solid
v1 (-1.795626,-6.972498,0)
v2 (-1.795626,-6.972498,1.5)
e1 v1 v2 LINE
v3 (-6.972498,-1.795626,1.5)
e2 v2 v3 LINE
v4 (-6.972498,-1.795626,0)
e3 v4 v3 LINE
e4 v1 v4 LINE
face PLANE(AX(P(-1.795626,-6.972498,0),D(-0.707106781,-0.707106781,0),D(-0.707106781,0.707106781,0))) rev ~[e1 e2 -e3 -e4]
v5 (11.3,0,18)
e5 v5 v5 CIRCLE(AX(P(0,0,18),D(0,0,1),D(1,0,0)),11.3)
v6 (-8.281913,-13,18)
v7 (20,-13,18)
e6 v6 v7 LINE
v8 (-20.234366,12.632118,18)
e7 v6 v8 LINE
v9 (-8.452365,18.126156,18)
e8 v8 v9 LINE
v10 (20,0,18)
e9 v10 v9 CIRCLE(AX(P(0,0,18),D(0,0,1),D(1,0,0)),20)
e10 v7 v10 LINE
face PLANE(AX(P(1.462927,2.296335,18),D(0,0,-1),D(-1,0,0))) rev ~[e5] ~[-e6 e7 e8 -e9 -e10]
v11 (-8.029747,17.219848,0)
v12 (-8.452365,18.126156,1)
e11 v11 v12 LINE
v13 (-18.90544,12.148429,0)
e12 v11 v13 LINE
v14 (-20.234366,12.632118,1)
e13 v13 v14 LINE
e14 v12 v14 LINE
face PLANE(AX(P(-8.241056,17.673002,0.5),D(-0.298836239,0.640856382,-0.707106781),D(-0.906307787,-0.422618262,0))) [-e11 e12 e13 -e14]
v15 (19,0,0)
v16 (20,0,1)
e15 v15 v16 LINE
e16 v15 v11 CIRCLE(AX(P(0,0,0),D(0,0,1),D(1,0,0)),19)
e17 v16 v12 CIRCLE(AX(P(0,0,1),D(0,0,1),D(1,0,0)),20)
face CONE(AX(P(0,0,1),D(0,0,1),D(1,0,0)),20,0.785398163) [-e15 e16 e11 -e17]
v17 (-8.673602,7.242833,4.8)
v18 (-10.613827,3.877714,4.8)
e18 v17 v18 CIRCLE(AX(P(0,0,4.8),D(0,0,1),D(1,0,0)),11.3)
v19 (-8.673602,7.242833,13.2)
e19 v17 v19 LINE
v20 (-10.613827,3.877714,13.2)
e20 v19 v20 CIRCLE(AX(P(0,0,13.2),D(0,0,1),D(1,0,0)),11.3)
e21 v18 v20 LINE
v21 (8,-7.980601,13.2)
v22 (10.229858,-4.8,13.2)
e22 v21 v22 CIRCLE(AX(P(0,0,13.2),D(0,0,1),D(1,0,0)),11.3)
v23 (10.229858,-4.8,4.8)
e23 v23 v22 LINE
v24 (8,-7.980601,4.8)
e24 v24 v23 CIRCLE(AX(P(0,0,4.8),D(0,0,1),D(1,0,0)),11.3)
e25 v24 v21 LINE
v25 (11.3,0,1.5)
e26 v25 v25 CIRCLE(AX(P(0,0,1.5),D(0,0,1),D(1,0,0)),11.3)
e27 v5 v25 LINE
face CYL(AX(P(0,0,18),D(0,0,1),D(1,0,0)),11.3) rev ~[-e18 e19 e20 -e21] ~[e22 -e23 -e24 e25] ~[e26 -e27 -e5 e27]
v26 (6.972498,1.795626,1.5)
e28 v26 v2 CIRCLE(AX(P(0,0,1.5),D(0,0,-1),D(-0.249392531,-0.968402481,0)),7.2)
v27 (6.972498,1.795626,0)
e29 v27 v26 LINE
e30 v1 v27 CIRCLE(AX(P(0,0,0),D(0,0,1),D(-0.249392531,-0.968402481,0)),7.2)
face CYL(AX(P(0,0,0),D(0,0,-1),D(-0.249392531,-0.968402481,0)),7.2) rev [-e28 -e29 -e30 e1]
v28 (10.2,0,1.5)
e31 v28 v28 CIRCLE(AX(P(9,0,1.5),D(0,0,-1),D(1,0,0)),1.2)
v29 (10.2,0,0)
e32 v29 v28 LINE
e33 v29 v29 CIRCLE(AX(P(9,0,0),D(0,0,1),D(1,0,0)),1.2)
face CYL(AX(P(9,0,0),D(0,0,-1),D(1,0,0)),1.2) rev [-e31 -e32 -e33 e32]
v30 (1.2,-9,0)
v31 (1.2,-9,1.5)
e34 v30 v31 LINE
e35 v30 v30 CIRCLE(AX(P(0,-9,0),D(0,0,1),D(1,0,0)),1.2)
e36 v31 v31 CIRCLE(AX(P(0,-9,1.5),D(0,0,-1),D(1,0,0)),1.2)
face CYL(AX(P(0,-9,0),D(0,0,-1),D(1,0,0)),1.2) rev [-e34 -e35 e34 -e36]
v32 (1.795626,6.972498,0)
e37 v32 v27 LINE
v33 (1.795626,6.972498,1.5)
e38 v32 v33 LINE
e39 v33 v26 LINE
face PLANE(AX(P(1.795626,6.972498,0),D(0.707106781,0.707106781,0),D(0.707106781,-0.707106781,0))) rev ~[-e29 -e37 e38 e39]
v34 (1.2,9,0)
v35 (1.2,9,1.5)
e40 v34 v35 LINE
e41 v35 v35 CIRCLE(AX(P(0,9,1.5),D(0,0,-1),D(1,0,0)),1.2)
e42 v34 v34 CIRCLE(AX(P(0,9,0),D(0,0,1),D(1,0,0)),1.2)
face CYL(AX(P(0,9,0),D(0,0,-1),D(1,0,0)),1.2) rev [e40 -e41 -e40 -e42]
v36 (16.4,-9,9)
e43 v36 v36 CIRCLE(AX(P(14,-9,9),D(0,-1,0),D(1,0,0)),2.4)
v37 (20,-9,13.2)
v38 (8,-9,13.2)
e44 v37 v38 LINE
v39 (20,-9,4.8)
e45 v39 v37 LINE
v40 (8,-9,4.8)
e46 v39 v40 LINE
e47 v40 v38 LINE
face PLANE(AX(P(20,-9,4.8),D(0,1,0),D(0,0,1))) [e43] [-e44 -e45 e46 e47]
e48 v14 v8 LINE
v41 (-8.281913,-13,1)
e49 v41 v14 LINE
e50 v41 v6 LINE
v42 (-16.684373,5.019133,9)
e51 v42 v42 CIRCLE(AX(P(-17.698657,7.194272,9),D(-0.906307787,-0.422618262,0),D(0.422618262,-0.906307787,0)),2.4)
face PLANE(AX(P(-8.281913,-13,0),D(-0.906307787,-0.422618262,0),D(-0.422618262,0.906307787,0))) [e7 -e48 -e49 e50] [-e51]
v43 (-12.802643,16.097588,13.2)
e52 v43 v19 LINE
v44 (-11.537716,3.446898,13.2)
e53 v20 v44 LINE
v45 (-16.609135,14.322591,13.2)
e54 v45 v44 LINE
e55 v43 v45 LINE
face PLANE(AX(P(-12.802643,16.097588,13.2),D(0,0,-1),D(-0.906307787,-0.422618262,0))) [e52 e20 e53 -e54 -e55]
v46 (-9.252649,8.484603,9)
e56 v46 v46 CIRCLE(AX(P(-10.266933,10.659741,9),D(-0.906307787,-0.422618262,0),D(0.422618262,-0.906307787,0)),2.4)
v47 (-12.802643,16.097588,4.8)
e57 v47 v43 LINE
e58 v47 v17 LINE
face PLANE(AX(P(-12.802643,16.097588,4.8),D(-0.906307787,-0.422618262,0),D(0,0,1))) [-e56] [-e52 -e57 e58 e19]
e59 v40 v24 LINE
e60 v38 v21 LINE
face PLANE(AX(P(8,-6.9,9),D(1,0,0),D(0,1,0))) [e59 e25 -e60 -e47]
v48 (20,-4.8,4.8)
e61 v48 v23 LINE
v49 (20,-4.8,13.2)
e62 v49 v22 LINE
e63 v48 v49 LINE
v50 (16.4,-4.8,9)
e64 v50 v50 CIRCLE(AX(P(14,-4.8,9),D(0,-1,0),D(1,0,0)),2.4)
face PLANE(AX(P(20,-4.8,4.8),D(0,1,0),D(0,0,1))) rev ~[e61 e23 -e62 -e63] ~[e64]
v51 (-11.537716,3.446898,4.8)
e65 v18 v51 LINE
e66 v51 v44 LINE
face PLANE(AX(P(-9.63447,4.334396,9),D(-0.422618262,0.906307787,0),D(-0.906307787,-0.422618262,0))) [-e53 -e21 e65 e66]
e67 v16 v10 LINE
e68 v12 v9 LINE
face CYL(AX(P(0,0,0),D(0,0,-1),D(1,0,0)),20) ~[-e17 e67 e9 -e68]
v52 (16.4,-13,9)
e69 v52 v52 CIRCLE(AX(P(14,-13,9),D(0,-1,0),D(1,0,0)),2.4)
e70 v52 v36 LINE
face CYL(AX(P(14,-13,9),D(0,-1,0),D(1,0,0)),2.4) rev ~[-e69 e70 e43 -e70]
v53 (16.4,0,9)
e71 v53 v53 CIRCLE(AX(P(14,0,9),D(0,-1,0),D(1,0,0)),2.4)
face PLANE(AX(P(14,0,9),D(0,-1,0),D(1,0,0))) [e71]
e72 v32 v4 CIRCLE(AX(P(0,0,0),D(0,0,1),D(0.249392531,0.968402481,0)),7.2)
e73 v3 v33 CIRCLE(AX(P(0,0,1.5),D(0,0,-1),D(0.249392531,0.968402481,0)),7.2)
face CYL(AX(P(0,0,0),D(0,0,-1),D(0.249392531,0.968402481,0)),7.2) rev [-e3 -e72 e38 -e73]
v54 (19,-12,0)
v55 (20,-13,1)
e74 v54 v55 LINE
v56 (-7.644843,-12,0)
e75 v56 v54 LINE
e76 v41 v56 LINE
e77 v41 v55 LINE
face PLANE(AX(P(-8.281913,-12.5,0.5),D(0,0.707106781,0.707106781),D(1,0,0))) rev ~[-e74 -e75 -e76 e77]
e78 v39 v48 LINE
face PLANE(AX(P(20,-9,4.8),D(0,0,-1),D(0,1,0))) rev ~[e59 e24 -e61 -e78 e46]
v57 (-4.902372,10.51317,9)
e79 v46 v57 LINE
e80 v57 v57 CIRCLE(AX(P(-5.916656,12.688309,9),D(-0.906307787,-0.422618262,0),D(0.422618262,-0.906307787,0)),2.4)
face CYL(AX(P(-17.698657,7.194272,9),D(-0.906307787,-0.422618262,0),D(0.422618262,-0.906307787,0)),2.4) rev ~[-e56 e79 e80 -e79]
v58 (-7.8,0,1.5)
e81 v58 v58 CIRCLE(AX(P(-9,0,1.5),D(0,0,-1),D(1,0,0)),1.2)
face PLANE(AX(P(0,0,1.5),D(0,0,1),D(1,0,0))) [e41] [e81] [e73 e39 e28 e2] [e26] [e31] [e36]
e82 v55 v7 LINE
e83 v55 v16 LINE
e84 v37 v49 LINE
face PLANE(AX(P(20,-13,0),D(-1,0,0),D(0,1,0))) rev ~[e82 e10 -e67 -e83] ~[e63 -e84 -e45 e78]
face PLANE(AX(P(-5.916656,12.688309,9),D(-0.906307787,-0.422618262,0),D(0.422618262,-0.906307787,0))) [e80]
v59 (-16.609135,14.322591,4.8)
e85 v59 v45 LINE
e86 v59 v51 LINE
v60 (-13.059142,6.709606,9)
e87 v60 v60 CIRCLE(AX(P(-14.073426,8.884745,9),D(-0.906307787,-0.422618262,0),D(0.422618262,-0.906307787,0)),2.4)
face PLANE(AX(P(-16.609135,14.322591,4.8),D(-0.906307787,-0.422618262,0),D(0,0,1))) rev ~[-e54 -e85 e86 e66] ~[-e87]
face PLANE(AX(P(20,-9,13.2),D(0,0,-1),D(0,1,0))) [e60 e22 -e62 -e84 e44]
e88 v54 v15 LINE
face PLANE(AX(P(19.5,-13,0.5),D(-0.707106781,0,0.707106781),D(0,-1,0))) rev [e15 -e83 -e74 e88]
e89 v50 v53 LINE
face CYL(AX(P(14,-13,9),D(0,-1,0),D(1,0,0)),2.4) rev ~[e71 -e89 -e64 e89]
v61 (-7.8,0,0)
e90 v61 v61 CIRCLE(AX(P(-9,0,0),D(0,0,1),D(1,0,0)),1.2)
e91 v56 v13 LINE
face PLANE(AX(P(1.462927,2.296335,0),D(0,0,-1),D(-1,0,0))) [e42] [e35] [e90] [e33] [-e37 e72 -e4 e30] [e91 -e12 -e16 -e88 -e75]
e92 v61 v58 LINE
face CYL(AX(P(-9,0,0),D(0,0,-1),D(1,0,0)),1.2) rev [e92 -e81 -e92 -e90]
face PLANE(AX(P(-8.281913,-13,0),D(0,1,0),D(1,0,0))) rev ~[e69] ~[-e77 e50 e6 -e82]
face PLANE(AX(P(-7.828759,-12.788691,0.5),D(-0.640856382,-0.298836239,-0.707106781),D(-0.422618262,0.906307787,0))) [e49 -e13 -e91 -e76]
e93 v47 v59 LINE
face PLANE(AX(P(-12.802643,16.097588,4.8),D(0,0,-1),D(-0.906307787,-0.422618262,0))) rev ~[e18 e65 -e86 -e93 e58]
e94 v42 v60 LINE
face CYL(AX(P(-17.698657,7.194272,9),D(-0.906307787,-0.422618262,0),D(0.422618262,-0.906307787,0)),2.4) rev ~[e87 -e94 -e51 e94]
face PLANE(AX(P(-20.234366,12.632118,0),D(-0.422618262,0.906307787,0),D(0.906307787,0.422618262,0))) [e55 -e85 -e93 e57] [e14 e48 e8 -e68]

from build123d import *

# Parameters (mm, degrees)
SKETCH_R             = 1.2
PAD_DEPTH            = 18
POCKET001_DEPTH      = 0.001
POCKET001_DEPTH_BACK = 18.001
SKETCH001_R          = 11.3
POCKET_DEPTH         = 16.5
SKETCH003_R          = 2.4
POCKET002_DEPTH      = 13
SKETCH004_R          = 2.4
POCKET003_DEPTH      = 13
SKETCH005_W          = 4.2
SKETCH005_H          = 8.4
POCKET004_DEPTH      = 12
SKETCH007_W          = 4.2
SKETCH007_H          = 8.4
POCKET005_DEPTH      = 12
CHAMFER_SIZE         = 1


with BuildPart() as part:
    # Sketch → Pad (new body)
    with BuildSketch(Plane.XY):
        with BuildLine():
            Line((-8.2819133905, -13), (-20.2343664663, 12.6321183381))
            Line((-20.2343664663, 12.6321183381), (-8.4523652348, 18.1261557407))
            ThreePointArc((20, 0), (10.7459921669, 16.8678289163), (-8.4523652348, 18.1261557407))
            Line((20, -13), (20, 0))
            Line((-8.2819133905, -13), (20, -13))
        make_face()
        with Locations((0, 9)):
            Circle(SKETCH_R, mode=Mode.SUBTRACT)
        with Locations((0, -9)):
            Circle(SKETCH_R, mode=Mode.SUBTRACT)
        with Locations((9, 0)):
            Circle(SKETCH_R, mode=Mode.SUBTRACT)
        with Locations((-9, 0)):
            Circle(SKETCH_R, mode=Mode.SUBTRACT)
    extrude(amount=PAD_DEPTH)

    # Sketch002 → Pocket001 (cut, two sides)
    with BuildSketch(Plane.XY) as pocket001_sk:
        with BuildLine():
            Line((-1.7956262222, -6.9724978645), (-6.9724978645, -1.7956262222))
            ThreePointArc((1.7956262222, 6.9724978645), (-5.0911688245, 5.0911688245), (-6.9724978645, -1.7956262222))
            Line((1.7956262222, 6.9724978645), (6.9724978645, 1.7956262222))
            ThreePointArc((-1.7956262222, -6.9724978645), (5.0911688245, -5.0911688245), (6.9724978645, 1.7956262222))
        make_face()
    extrude(amount=-POCKET001_DEPTH, mode=Mode.SUBTRACT)
    extrude(pocket001_sk.sketch, amount=POCKET001_DEPTH_BACK, mode=Mode.SUBTRACT)

    # Sketch001 (on Face11 of Pad) → Pocket (cut)
    with BuildSketch(Plane.XY.offset(18)):
        Circle(SKETCH001_R)
    extrude(amount=-POCKET_DEPTH, mode=Mode.SUBTRACT)

    # Sketch003 (on Face1 of Pocket) → Pocket002 (cut)
    with BuildSketch(Plane(origin=(-11.7820012315, -5.4940374026, 0), x_dir=(0.4226182617, -0.906307787, 0), z_dir=(-0.906307787, -0.4226182617, 0))):
        with Locations((-14, 9)):
            Circle(SKETCH003_R)
    extrude(amount=-POCKET002_DEPTH, mode=Mode.SUBTRACT)

    # Sketch004 (on Face2 of Pocket002) → Pocket003 (cut)
    with BuildSketch(Plane.XZ.offset(13)):
        with Locations((14, 9)):
            Circle(SKETCH004_R)
    extrude(amount=-POCKET003_DEPTH, mode=Mode.SUBTRACT)

    # Sketch005 (on Face5 of Pocket003) → Pocket004 (cut)
    with BuildSketch(Plane(origin=(-8.4523652348, 18.1261557407, 0), x_dir=(-0.906307787, -0.4226182617, 0), z_dir=(-0.4226182617, 0.906307787, 0))):
        with Locations((6.9, 9)):
            Rectangle(SKETCH005_W, SKETCH005_H)
    extrude(amount=-POCKET004_DEPTH, mode=Mode.SUBTRACT)

    # Sketch007 (on Face7 of Pocket004) → Pocket005 (cut)
    with BuildSketch(Plane.YZ.offset(20)):
        with Locations((-6.9, 9)):
            Rectangle(SKETCH007_W, SKETCH007_H)
    extrude(amount=-POCKET005_DEPTH, mode=Mode.SUBTRACT)

    # Chamfer
    chamfer_edges = [part.edges().sort_by_distance(p)[0] for p in [
        (20, -6.5, 0),
        (10.745992, 16.867829, 0),
        (5.859043, -13, 0),
        (-14.25814, -0.183941, 0),
        (-14.343366, 15.379137, 0),
    ]]
    chamfer(chamfer_edges, length=CHAMFER_SIZE)


solid = part.part
